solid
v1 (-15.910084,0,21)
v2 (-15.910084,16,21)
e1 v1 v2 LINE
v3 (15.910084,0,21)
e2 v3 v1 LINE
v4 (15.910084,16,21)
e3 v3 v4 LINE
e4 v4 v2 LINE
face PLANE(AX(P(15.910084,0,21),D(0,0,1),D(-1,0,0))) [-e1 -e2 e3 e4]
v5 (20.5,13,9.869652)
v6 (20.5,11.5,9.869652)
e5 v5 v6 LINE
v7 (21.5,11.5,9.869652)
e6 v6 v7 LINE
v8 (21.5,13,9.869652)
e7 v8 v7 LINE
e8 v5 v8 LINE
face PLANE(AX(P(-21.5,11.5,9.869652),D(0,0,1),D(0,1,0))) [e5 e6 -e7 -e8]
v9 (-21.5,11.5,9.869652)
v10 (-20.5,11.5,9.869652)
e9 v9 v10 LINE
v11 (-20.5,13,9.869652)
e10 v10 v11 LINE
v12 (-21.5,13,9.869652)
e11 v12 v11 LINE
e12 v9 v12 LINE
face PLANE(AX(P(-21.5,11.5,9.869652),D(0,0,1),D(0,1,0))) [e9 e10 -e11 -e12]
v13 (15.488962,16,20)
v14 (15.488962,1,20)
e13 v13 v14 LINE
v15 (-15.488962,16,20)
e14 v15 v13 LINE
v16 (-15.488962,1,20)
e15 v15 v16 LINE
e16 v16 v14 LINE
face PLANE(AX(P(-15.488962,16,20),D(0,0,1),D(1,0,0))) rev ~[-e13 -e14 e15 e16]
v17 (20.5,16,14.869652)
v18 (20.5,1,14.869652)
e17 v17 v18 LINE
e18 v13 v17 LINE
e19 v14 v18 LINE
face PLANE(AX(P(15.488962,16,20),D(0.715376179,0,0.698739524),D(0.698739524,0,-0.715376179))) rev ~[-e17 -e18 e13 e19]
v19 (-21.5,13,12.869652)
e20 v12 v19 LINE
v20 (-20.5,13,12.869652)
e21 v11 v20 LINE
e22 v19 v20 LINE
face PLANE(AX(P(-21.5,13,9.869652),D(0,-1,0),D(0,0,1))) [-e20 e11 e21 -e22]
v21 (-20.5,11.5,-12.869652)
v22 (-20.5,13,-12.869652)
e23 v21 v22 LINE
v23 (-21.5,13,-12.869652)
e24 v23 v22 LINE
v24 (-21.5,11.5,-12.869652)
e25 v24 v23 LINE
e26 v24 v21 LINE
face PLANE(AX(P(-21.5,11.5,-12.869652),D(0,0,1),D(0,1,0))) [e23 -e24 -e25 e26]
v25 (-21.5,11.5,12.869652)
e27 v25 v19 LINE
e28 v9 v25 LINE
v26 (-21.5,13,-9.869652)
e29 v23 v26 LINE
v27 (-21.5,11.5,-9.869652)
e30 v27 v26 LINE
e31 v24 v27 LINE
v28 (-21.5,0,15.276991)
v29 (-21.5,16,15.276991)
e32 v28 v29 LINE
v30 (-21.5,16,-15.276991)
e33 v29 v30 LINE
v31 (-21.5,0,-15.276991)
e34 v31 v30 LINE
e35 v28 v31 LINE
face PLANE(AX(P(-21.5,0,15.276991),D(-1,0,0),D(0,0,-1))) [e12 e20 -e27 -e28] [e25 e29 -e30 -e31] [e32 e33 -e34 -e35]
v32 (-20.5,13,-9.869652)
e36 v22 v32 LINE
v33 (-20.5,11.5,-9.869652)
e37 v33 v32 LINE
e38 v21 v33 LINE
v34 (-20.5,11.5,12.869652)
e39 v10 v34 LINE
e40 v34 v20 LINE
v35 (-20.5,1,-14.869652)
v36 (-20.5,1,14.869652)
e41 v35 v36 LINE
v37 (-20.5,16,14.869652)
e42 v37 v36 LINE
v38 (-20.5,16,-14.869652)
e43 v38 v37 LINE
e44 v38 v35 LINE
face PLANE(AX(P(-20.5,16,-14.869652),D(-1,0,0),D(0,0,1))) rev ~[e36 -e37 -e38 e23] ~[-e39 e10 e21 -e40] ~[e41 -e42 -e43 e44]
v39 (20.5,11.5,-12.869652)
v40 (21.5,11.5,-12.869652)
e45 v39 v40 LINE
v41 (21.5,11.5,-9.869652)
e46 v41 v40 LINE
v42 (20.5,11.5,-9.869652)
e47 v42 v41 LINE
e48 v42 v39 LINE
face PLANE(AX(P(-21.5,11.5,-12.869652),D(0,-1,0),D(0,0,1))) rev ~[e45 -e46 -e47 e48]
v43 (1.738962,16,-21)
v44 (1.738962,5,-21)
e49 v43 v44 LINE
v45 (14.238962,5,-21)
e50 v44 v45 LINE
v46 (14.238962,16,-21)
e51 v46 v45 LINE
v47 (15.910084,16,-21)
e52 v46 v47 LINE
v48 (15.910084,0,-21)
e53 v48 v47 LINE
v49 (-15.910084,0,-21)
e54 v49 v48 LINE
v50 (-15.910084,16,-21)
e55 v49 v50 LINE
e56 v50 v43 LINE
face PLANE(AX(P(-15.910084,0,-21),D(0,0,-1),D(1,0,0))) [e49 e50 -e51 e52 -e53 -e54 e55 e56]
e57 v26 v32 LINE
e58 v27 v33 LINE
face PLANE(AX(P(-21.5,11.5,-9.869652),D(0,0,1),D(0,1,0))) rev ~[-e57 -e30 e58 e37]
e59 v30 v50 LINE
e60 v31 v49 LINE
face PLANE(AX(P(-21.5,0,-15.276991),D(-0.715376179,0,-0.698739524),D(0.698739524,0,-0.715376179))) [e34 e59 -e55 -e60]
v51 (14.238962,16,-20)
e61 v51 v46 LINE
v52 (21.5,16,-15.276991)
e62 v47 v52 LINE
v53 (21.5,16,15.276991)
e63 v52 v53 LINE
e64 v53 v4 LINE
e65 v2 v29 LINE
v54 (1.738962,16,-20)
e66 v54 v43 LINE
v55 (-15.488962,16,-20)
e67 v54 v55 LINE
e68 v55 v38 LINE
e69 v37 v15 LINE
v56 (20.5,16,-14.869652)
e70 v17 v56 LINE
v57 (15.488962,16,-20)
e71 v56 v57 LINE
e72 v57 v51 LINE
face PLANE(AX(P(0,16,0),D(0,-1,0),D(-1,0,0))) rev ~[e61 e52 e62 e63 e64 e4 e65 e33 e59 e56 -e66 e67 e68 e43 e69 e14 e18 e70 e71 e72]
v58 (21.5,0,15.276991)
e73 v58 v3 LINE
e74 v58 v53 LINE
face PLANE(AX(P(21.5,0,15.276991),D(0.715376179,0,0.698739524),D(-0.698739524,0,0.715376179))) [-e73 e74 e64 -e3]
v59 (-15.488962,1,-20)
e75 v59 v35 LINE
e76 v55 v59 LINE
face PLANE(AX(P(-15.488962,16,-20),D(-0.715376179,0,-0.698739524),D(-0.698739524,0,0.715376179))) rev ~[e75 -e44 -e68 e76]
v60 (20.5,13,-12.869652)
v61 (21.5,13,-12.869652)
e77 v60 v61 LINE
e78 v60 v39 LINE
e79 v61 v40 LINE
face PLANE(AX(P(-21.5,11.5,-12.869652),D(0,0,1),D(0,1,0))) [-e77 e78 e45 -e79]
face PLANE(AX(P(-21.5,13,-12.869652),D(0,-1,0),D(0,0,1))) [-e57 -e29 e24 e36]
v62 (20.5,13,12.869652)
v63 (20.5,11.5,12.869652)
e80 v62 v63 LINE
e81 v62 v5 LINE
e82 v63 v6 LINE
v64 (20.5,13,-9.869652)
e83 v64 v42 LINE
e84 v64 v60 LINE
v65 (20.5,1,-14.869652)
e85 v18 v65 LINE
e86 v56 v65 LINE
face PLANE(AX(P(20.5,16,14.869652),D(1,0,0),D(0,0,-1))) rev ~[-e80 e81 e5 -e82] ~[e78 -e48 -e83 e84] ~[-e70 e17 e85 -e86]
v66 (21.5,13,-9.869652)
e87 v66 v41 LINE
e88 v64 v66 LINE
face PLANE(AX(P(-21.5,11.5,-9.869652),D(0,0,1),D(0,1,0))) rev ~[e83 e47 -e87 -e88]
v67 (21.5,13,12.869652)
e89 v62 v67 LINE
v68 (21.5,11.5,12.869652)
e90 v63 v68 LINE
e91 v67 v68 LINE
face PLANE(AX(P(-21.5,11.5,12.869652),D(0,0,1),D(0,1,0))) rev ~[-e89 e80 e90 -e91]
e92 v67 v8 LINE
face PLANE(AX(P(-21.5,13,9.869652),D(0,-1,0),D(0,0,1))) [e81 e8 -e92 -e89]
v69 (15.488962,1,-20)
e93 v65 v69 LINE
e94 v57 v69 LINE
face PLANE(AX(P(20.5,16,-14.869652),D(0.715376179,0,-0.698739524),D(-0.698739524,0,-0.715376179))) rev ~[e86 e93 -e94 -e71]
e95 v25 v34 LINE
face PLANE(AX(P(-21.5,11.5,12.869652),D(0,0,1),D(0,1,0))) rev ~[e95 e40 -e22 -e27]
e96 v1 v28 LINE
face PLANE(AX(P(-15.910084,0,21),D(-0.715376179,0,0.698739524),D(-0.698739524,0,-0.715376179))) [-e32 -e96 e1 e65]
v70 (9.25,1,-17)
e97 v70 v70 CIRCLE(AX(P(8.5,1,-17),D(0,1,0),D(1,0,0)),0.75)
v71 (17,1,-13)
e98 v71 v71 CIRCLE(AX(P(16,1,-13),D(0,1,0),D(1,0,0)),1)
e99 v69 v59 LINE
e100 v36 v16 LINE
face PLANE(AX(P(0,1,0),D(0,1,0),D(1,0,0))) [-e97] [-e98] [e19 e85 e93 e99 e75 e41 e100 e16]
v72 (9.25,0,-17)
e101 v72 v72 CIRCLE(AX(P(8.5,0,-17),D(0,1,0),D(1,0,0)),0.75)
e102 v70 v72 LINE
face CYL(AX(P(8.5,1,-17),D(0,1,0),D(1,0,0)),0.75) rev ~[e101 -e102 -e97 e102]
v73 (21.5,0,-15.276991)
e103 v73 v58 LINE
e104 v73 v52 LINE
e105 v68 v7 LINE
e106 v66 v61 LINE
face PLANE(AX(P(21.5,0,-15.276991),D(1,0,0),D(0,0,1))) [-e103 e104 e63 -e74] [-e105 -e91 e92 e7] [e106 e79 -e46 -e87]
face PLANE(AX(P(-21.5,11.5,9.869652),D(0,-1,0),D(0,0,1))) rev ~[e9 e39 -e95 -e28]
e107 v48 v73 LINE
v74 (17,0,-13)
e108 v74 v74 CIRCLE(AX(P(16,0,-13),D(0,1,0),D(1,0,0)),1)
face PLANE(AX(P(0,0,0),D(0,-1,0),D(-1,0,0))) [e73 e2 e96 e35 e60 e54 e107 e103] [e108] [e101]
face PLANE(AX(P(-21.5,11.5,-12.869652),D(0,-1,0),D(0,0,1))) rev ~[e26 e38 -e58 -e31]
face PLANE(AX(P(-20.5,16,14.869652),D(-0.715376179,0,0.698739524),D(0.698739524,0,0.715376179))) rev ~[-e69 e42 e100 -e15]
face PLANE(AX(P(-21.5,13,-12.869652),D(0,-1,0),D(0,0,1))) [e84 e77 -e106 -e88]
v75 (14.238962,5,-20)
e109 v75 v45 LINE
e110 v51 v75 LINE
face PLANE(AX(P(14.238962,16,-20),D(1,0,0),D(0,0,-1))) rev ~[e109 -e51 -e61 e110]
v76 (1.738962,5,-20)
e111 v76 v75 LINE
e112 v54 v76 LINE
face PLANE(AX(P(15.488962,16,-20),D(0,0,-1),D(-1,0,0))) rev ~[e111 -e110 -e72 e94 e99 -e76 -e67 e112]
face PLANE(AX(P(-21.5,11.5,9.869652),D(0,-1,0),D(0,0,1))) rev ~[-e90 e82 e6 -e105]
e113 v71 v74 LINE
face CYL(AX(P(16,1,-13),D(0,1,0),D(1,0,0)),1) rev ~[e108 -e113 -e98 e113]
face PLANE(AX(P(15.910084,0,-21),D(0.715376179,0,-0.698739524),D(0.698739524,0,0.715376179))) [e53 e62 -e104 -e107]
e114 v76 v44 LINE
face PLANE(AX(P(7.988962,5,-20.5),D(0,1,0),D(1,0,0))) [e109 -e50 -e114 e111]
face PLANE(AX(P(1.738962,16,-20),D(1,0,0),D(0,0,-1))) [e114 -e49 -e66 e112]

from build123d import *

# Parameters (mm, degrees)
BOSS_EXTRUDE1_DEPTH     = 16
CUT_EXTRUDE1_DEPTH      = 15
SKETCH3_R               = 1.002930515
SKETCH3_W               = 12.5
SKETCH3_H               = 1
CUT_EXTRUDE2_DEPTH      = 11
SKETCH4_W               = 3
SKETCH4_H               = 1.5
CUT_EXTRUDE3_DEPTH      = 1
CUT_EXTRUDE3_DEPTH_BACK = 44
SKETCH5_R               = 1
SKETCH5_R_2             = 0.75
CUT_EXTRUDE4_DEPTH      = 1


with BuildPart() as part:
    # Sketch1 → Boss-Extrude1 (new body)
    with BuildSketch(Plane(origin=(0, 0, 0), x_dir=(1, 0, 0), z_dir=(0, 1, 0))):
        Polygon((-21.5, 15.276990566), (-15.910083809, 21), (15.910083809, 21), (21.5, 15.276990566), (21.5, -15.276990566), (15.910083809, -21), (-15.910083809, -21), (-21.5, -15.276990566), align=None)
    extrude(amount=BOSS_EXTRUDE1_DEPTH)

    # Sketch2 → Cut-Extrude1 (cut)
    with BuildSketch(Plane(origin=(0, 16, 0), x_dir=(1, 0, 0), z_dir=(0, 1, 0))):
        Polygon((-15.488962048, 20), (-20.5, 14.869651621), (-20.5, -14.869651621), (-15.488962048, -20), (15.488962048, -20), (20.5, -14.869651621), (20.5, 14.869651621), (15.488962048, 20), align=None)
    extrude(amount=-CUT_EXTRUDE1_DEPTH, mode=Mode.SUBTRACT)

    # Sketch3 → Cut-Extrude2 (cut)
    with BuildSketch(Plane(origin=(0, 16, 0), x_dir=(1, 0, 0), z_dir=(0, 1, 0))):
        with Locations((16.5, 12.271619794)):
            Circle(SKETCH3_R)
        with Locations((7.988962048, 20.5)):
            Rectangle(SKETCH3_W, SKETCH3_H)
    extrude(amount=-CUT_EXTRUDE2_DEPTH, mode=Mode.SUBTRACT)

    # Sketch4 → Cut-Extrude3 (cut, two sides)
    with BuildSketch(Plane.ZY.offset(21.5)) as cut_extrude3_sk:
        with Locations((-11.369651621, 12.25)):
            Rectangle(SKETCH4_W, SKETCH4_H)
        with Locations((11.369651621, 12.25)):
            Rectangle(SKETCH4_W, SKETCH4_H)
    extrude(amount=CUT_EXTRUDE3_DEPTH, mode=Mode.SUBTRACT)
    extrude(cut_extrude3_sk.sketch, amount=-CUT_EXTRUDE3_DEPTH_BACK, mode=Mode.SUBTRACT)

    # Sketch5 → Cut-Extrude4 (cut)
    with BuildSketch(Plane(origin=(0, 1, 0), x_dir=(1, 0, 0), z_dir=(0, 1, 0))):
        with Locations((16, 13)):
            Circle(SKETCH5_R)
        with Locations((8.5, 17)):
            Circle(SKETCH5_R_2)
    extrude(amount=-CUT_EXTRUDE4_DEPTH, mode=Mode.SUBTRACT)


solid = part.part
